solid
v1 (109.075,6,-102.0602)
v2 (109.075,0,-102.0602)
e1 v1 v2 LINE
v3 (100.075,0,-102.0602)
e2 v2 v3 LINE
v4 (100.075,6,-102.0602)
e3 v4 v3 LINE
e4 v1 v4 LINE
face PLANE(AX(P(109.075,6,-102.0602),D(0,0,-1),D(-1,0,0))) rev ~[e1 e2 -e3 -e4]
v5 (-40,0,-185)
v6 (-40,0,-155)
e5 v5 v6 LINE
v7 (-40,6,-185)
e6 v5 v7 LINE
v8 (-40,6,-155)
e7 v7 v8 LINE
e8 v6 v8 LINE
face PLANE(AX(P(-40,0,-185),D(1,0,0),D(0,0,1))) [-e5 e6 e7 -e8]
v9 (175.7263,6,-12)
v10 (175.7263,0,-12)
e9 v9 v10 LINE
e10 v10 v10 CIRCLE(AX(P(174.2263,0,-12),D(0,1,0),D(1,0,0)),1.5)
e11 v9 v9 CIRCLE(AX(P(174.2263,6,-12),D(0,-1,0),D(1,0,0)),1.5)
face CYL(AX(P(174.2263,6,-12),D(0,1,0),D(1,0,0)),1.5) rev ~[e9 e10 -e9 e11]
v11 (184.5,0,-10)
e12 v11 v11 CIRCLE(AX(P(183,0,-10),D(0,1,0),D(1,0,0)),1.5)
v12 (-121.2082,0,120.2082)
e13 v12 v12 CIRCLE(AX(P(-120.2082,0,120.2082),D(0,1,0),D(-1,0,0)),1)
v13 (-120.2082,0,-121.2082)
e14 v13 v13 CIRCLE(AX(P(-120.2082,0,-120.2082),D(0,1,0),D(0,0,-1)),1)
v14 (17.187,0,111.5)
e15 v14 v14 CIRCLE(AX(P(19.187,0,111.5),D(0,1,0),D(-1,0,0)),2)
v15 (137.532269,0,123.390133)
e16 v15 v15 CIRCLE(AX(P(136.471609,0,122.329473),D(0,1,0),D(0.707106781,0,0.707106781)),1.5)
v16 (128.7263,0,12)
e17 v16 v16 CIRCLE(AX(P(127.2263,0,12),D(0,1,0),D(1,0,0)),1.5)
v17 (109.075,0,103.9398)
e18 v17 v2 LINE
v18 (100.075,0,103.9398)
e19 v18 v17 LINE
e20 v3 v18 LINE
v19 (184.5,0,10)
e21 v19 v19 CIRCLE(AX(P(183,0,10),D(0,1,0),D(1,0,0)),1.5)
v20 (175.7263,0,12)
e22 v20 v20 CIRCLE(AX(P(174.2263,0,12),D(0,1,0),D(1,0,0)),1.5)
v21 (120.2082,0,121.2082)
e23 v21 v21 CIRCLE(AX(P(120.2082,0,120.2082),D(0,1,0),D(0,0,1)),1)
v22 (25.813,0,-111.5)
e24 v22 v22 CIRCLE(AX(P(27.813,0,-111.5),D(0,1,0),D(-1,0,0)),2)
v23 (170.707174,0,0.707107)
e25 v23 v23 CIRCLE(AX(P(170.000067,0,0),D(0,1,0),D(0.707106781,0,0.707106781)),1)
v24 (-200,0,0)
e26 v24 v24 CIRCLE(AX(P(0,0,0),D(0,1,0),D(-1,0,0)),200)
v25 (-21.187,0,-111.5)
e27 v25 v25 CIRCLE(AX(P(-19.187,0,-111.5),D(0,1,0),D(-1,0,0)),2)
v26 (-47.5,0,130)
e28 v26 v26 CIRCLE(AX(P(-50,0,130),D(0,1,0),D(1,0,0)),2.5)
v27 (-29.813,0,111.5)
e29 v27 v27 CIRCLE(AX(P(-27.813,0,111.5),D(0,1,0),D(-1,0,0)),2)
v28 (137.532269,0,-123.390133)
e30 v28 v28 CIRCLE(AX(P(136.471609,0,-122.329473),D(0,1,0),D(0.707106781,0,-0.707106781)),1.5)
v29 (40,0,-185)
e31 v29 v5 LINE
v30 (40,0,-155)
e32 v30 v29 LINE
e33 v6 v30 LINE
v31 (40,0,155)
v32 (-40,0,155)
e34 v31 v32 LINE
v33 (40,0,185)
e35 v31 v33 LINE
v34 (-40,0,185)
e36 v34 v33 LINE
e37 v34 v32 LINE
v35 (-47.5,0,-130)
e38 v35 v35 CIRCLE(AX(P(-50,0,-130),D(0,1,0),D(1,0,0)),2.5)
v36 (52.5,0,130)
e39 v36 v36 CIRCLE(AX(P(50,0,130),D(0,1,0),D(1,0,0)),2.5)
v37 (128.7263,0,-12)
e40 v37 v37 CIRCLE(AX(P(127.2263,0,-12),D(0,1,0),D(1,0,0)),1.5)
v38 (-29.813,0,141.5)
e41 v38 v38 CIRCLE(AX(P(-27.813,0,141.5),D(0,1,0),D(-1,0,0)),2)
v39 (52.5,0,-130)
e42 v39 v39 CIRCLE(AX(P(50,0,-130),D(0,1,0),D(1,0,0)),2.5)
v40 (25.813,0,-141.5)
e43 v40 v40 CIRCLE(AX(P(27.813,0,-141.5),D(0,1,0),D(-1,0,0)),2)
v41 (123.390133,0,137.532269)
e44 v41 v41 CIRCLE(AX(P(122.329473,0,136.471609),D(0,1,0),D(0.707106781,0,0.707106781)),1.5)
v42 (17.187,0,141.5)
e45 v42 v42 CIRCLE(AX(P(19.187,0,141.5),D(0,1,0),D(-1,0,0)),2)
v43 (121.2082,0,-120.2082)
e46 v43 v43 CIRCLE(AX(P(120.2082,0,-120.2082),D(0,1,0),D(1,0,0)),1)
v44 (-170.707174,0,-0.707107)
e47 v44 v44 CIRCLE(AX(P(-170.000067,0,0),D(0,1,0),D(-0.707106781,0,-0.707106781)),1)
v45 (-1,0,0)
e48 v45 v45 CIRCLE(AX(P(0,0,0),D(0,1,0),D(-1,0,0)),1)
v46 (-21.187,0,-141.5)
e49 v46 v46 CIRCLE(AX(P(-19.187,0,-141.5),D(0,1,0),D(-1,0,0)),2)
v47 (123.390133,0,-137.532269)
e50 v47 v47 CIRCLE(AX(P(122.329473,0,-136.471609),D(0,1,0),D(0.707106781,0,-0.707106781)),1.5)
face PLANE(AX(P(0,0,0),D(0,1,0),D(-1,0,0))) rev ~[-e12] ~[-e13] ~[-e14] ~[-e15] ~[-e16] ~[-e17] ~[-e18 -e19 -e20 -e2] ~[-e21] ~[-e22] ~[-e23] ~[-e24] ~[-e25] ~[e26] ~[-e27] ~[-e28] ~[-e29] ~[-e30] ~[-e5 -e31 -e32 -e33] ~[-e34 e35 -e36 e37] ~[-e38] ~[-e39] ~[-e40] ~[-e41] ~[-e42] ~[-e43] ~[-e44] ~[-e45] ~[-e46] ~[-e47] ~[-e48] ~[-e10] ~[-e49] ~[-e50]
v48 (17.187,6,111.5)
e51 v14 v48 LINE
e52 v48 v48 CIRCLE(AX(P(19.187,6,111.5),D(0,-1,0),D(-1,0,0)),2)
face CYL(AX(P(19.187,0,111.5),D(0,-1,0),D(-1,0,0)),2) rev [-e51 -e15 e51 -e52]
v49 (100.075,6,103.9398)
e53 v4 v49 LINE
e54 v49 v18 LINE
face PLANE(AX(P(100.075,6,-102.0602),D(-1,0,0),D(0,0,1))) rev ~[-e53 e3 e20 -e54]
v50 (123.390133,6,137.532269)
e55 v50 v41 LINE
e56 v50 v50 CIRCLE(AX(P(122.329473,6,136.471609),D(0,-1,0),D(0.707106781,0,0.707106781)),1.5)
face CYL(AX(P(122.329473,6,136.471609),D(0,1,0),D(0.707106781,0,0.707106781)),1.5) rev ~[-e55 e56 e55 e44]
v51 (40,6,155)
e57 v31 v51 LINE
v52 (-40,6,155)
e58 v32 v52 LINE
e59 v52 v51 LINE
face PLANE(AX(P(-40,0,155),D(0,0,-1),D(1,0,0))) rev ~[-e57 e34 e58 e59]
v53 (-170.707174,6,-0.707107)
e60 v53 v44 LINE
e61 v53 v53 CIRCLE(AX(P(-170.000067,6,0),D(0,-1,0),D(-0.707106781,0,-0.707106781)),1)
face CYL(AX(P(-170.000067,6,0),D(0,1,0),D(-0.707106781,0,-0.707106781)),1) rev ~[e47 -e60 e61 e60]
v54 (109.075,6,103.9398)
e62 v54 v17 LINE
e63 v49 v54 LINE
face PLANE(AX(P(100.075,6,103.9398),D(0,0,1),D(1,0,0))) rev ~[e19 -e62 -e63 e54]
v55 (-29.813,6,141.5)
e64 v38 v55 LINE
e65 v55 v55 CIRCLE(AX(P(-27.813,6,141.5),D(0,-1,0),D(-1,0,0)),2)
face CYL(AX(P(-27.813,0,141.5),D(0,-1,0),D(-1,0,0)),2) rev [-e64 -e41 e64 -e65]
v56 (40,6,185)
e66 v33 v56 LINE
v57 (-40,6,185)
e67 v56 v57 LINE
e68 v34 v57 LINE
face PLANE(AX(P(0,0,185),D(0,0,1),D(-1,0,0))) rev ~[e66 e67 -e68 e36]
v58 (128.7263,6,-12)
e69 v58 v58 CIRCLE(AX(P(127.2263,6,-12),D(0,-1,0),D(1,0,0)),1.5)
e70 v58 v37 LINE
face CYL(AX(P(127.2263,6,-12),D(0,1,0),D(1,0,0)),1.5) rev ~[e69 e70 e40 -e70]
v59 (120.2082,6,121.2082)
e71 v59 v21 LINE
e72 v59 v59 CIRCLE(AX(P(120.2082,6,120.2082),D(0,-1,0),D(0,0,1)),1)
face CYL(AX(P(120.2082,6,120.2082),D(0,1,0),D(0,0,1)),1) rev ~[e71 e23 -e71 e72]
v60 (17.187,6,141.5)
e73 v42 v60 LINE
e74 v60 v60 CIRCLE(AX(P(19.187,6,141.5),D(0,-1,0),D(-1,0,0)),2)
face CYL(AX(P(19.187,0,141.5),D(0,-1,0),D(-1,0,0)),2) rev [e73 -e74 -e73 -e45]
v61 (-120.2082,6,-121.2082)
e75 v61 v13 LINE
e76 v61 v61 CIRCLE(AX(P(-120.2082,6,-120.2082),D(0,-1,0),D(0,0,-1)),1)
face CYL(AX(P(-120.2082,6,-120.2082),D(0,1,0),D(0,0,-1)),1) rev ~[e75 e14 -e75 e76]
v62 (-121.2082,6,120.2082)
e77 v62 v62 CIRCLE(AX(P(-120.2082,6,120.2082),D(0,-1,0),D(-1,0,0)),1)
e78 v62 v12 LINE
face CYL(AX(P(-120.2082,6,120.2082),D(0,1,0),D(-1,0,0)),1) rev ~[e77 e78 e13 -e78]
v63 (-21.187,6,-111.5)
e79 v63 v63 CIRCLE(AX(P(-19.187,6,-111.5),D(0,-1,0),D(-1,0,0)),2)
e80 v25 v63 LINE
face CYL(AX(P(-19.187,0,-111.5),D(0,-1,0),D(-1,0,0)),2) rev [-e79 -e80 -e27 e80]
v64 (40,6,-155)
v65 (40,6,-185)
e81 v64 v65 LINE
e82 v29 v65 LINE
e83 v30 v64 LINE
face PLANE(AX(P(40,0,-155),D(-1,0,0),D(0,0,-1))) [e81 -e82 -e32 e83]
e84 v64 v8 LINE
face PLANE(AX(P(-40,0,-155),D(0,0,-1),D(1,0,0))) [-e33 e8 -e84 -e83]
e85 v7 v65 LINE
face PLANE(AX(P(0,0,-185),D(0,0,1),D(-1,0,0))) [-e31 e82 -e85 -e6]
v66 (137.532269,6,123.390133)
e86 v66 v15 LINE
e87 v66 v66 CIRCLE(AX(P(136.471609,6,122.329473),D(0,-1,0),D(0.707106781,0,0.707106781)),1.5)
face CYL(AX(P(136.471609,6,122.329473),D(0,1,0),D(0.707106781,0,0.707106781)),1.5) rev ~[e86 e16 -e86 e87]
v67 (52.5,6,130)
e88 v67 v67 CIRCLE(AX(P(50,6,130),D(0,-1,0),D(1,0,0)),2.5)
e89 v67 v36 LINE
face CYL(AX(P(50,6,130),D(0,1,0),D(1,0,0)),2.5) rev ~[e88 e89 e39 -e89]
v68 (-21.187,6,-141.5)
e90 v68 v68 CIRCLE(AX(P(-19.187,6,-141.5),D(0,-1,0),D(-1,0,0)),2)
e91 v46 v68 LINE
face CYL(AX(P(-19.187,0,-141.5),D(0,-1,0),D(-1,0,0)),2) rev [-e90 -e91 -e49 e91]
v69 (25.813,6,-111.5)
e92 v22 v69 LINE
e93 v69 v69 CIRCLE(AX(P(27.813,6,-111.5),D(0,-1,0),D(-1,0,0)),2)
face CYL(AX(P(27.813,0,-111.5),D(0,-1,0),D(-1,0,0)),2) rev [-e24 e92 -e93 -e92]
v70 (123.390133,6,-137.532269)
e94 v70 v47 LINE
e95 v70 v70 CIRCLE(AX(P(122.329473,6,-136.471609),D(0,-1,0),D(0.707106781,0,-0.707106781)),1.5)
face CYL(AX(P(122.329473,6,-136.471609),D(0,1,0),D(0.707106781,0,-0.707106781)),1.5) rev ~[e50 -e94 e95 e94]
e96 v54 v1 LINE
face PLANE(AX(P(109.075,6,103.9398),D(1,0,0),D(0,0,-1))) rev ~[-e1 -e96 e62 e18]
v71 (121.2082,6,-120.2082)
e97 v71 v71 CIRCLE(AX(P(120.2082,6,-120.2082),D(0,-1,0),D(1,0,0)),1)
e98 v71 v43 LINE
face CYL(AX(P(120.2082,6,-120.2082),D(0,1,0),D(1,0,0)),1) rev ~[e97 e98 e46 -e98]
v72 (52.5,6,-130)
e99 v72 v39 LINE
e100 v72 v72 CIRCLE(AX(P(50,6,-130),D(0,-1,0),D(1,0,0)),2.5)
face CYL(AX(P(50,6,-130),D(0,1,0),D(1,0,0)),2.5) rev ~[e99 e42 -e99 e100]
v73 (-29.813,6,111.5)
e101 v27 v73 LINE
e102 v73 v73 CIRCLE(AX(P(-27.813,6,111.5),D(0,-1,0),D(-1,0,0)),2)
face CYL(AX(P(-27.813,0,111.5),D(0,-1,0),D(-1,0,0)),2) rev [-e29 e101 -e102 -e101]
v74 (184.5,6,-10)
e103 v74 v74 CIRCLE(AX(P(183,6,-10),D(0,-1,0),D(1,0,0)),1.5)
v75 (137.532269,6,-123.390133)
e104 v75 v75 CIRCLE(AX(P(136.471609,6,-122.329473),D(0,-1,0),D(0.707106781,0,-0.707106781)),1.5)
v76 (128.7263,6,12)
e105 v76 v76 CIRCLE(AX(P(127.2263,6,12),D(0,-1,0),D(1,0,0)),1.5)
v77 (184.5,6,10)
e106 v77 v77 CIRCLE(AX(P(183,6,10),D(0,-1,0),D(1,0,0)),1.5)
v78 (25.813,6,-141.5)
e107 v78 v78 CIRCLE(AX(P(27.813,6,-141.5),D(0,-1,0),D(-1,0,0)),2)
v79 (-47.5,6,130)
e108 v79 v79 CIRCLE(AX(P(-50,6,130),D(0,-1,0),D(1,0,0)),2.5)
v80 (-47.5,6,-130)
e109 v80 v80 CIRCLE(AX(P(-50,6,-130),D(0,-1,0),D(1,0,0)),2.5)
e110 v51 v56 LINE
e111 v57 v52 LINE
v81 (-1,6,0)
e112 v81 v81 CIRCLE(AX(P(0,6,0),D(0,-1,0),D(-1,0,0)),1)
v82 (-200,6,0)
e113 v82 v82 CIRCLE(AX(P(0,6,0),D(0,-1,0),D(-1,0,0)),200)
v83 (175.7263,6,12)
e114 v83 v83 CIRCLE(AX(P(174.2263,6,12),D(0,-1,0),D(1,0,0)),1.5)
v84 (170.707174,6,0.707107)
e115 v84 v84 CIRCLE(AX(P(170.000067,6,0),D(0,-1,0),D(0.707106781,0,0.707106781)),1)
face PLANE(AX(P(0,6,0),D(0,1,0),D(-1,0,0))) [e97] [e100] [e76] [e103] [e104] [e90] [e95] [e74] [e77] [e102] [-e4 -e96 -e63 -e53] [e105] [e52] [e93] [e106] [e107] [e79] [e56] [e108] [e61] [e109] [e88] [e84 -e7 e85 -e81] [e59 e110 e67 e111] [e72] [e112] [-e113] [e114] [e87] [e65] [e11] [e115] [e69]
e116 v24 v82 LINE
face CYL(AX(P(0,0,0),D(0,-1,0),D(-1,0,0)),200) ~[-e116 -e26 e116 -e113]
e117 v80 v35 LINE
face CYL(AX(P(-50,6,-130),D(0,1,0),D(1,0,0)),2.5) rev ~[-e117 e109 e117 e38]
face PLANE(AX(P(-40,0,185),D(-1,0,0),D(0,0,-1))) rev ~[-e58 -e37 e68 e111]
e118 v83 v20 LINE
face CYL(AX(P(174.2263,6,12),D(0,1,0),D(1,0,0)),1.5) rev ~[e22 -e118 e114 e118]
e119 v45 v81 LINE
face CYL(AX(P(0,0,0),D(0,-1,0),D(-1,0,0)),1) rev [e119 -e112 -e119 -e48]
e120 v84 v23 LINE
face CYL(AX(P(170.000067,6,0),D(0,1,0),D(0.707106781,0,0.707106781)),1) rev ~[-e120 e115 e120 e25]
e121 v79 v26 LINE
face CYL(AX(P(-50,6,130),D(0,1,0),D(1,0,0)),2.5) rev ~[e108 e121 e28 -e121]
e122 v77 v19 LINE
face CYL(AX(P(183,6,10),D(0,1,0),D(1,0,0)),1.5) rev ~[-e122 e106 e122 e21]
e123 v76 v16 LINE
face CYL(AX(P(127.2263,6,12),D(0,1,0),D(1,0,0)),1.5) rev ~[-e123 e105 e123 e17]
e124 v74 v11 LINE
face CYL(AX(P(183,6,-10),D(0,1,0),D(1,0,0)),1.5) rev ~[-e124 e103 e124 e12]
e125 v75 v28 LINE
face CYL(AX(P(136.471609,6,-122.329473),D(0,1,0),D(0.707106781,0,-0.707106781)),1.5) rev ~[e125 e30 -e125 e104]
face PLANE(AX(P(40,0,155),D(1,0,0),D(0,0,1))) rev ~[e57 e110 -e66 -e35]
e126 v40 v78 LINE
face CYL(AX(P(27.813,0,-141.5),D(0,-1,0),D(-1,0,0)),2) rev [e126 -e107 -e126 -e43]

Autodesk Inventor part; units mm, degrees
ref_plane "YZ Plane" through (0, 0, 0) normal (1, 0, 0) x (0, 1, 0)
ref_plane "XZ Plane" through (0, 0, 0) normal (0, 1, 0) x (-1, 0, 0)
ref_plane "XY Plane" through (0, 0, 0) normal (0, 0, 1) x (1, 0, 0)
sketch "Sketch1" plane through (0, 0, 0) normal (0, 1, 0) x (-1, 0, 0)
  circle A0 centre (0, 0) radius 200
  line L0 (0, 0) -> (0, -19)
  line L1 (0, 0) -> (0, -200)
  line L2 (0, -200) -> (0, -185)
  line L3 (0, -185) -> (-40, -185)
  line L4 (-40, -185) -> (40, -185)
  line L5 (40, -185) -> (40, -155)
  line L6 (40, -155) -> (-40, -155)
  line L7 (-40, -155) -> (-40, -185)
  line L8 (0, -185) -> (0, -155)
  line L9 (0, -155) -> (0, -170)
  line L10 (0, -170) -> (0, -178.5)
  line L11 (0, -178.5) -> (0, -162.5)
  line L12 (0, -178.5) -> (0, -161.5)
  line L13 (0, -178.5) -> (0, -152.5)
  line L14 (0, -152.5) -> (0, -100.5)
  line L15 (0, -100.5) -> (0, -111.5)
  line L16 (0, -111.5) -> (0, -141.5)
  line L17 (0, -111.5) -> (62.5795, -111.5)
  line L18 (62.5795, -111.5) -> (-81.3818, -111.5)
  line L19 (0, -141.5) -> (67.2407, -141.5)
  line L20 (67.2407, -141.5) -> (-91.5277, -141.5)
  line L21 (0, -111.5) -> (19.187, -111.5)
  line L22 (19.187, -111.5) -> (-27.813, -111.5)
  line L23 (-27.813, -111.5) -> (-27.813, -148.582)
  line L24 (19.187, -111.5) -> (19.187, -155)
  circle A1 centre (19.187, -111.5) radius 2
  circle A2 centre (19.187, -141.5) radius 2
  circle A3 centre (-27.813, -111.5) radius 2
  circle A4 centre (-27.813, -141.5) radius 2
  line L25 (0, 0) -> (124.6952, 0)
  circle A5 centre (0, 0) radius 1
  circle A6 centre (-154.7094, 0) radius 1
  circle A7 centre (178.175, 0) radius 1
  line L26 (0, 185) -> (-40, 185)
  line L27 (-40, 185) -> (40, 185)
  line L28 (40, 185) -> (40, 155)
  line L29 (40, 155) -> (-40, 155)
  line L30 (-40, 155) -> (-40, 185)
  line L31 (0, 185) -> (0, 155)
  line L32 (0, 155) -> (0, 170)
  line L33 (0, 170) -> (0, 178.5)
  line L34 (0, 178.5) -> (0, 162.5)
  line L35 (0, 178.5) -> (0, 161.5)
  line L36 (0, 178.5) -> (0, 152.5)
  circle A8 centre (-19.187, 111.5) radius 2
  circle A9 centre (-19.187, 141.5) radius 2
  line L37 (27.813, 141.5) -> (-19.187, 141.5)
  line L38 (-19.187, 111.5) -> (27.813, 111.5)
  circle A10 centre (27.813, 111.5) radius 2
  circle A11 centre (27.813, 141.5) radius 2
  line L39 (27.813, 141.5) -> (27.813, 111.5)
  line L40 (-19.187, 141.5) -> (-19.187, 111.5)
  line L41 (0, 0) -> (0, 200)
  line L42 (0, -100.5) -> (0, 0)
  line L43 (0, 0) -> (0, 111.5)
  dimension "d0" = 400
  dimension "d2" = 15
  dimension "d3" = 40
  dimension "d4" = 80
  dimension "d5" = 30
  dimension "d6" = 80
  dimension "d7" = 8.5
  dimension "d8" = 17
  dimension "d9" = 26
  dimension "d10" = 52
  dimension "d15" = 4
  dimension "d16" = 4
  dimension "d17" = 4
  dimension "d18" = 4
  dimension "d21" = 2
  dimension "d22" = 2
  dimension "d23" = 2
  dimension "d35" = 47
  dimension "d36" = 30
  dimension "d37" = 19.187
  dimension "d38" = 11
  dimension "d39" = 4
  dimension "d40" = 47
  dimension "d41" = 30
  dimension "d42" = 111.5
  dimension "d43" = 19.187
extrude "Extrusion1" add sketch "Sketch1" along normal blind 6 contours A0 L1 L4 L5 L6 L24 A2 A1 L17 L0 A5 L41 L38 A10 L39 A11 L37 L36 L29 L28 L27 | L41 L26 L30 L29 L36 L37 A9 L40 A8 L38 A5 L0 L1 L18 A3 L23 A4 L20 L6 L7 L3 A0 | L1 L19 A2 L24 L6 | L41 L38 A8 L40 A9 L37 | L37 A11 L39 A10 L38 L41 | L20 A4 L23 A3 L18 L1 | L1 L17 A1 L24 A2 L19 | A6 | A7
sketch "Sketch2" plane through (0, 6, 0) normal (0, 1, 0) x (1, 0, 0)
  circle A0 centre (0, 0) radius 1 projected
  line L0 (0, 0) -> (233.037, 233.037)
  line L1 (0, 0) -> (329.564, 0) construction
  line L2 (0, 0) -> (120.2082, 120.2082)
  circle A1 centre (120.2082, 120.2082) radius 1
  dimension "d24" = 45
  dimension "d25" = 170
  dimension "d26" = 2
extrude "Extrusion2" cut sketch "Sketch2" against normal blind 6 contours A1 L0 | L0 A1
pattern_circular "Circular Pattern1" count 8 over 360 about axis through (0, -10, 0) along (0, -1, 0) of "Extrusion2"
sketch "Sketch3" plane through (0, 6, 0) normal (0, 1, 0) x (1, 0, 0)
  circle A0 centre (0, 0) radius 1 projected
  line L0 (0, 0) -> (200, 0)
  circle A1 centre (0, 0) radius 200 projected
  line L1 (0, 0) -> (0, 398.337)
  line L2 (0, 398.337) -> (0, -304.2315)
  line L3 (0, 0) -> (-272.9704, 0)
  line L4 (200, 0) -> (174.2263, 0)
  line L5 (174.2263, 0) -> (174.2263, 12)
  line L6 (174.2263, 12) -> (127.2263, 12)
  line L7 (127.2263, 12) -> (127.2263, -12)
  line L8 (127.2263, -12) -> (174.2263, -12)
  line L9 (174.2263, -12) -> (174.2263, 12)
  circle A2 centre (127.2263, -12) radius 1.5
  circle A3 centre (127.2263, 12) radius 1.5
  circle A4 centre (174.2263, -12) radius 1.5
  circle A5 centre (174.2263, 12) radius 1.5
  dimension "d44" = 12
  dimension "d45" = 47
  dimension "d46" = 24
  dimension "d47" = 3
  dimension "d48" = 3
  dimension "d49" = 3
  dimension "d50" = 3
extrude "Extrusion3" cut sketch "Sketch3" against normal blind 6 contours A3 L6 L7 | L7 L6 A3 | A2 L8 L7 | L7 L8 A2 | A5 L6 L5 | L5 L6 A5 | A4 L8 L9 | L9 L8 A4
sketch "Sketch5" plane through (0, 6, 0) normal (0, 1, 0) x (1, 0, 0)
  circle A0 centre (0, 0) radius 200 projected
  line L0 (200, 0) -> (183, 0)
  line L1 (183, 0) -> (183, 10)
  line L2 (183, 10) -> (183, 0)
  line L3 (183, 0) -> (183, -10)
  circle A1 centre (183, -10) radius 1.5
  circle A2 centre (183, 10) radius 1.5
  dimension "d53" = 17
  dimension "d54" = 10
  dimension "d55" = 10
  dimension "d56" = 10
  dimension "d57" = 3
  dimension "d58" = 3
extrude "Extrusion4" cut sketch "Sketch5" against normal blind 6 contours A1 | A2
pattern_circular "Circular Pattern2" count 2 over 45 about axis through (0, -10, 0) along (0, 1, 0) of "Extrusion4"
pattern_circular "Circular Pattern3" count 2 over 45 about axis through (0, -10, 0) along (0, -1, 0) of "Extrusion4"
sketch "Sketch6" plane through (0, 6, 0) normal (0, 1, 0) x (1, 0, 0)
  circle A0 centre (0, 0) radius 1 projected
  line L0 (0, 0) -> (0, -130)
  line L1 (-40, -155) -> (40, -155) projected
  line L2 (0, -130) -> (0, 130)
  line L3 (100.075, -103.9398) -> (109.075, -103.9398)
  line L4 (109.075, -103.9398) -> (109.075, 102.0602)
  line L5 (109.075, 102.0602) -> (100.075, 102.0602)
  line L6 (100.075, 102.0602) -> (100.075, -103.9398)
  line L7 (100.075, -103.9398) -> (109.075, 102.0602) construction
  line L8 (109.075, -103.9398) -> (100.075, 102.0602) construction
  line L9 (100.075, 102.0602) -> (70.075, 102.0602)
  line L10 (70.075, 102.0602) -> (70.075, 57.0602)
  line L11 (70.075, 57.0602) -> (94.075, 57.0602)
  line L12 (94.075, 57.0602) -> (33.1028, 57.0602)
  line L13 (33.1028, 57.0602) -> (33.1028, -101.9398)
  line L14 (33.1028, -101.9398) -> (94.075, -101.9398)
  line L15 (94.075, -101.9398) -> (94.075, 57.0602)
  line L16 (0, -155) -> (0, -85)
  line L17 (0, -85) -> (-56.011, -85)
  line L18 (-56.011, -85) -> (54.9913, -85)
  line L19 (40, 155) -> (-40, 155) projected
  line L20 (0, 155) -> (0, 85)
  line L21 (0, 85) -> (-43.3575, 85)
  line L22 (-43.3575, 85) -> (43.7057, 85)
  line L23 (-50, -130) -> (50, -130)
  line L24 (50, -130) -> (50, 130)
  line L25 (50, 130) -> (-50, 130)
  line L26 (-50, 130) -> (-50, -130)
  circle A1 centre (0, 0) radius 1 projected
  line L27 (-50, -130) -> (50, 130) construction
  line L28 (50, -130) -> (-50, 130) construction
  circle A2 centre (-50, -130) radius 2.5
  circle A3 centre (-50, 130) radius 2.5
  circle A4 centre (50, 130) radius 2.5
  circle A5 centre (50, -130) radius 2.5
  dimension "d68" = 130
  dimension "d69" = 260
  dimension "d70" = 9
  dimension "d71" = 206
  dimension "d73" = 30
  dimension "d74" = 45
  dimension "d75" = 70
  dimension "d76" = 70
  dimension "d79" = 100
  dimension "d80" = 260
  dimension "d81" = 5
  dimension "d82" = 5
  dimension "d83" = 5
  dimension "d84" = 5
extrude "Extrusion5" cut sketch "Sketch6" against normal blind 9 contours A0 L0 L2 | L2 L0 A0 | L5 L4 L3 L6 | A3 L26 L25 | L25 L26 A3 | A4 L24 L25 | L25 L24 A4 | A2 L26 L23 | L23 L26 A2 | A5 L24 L23 | L23 L24 A5
properties part number "Robot_base" material "Birch"
